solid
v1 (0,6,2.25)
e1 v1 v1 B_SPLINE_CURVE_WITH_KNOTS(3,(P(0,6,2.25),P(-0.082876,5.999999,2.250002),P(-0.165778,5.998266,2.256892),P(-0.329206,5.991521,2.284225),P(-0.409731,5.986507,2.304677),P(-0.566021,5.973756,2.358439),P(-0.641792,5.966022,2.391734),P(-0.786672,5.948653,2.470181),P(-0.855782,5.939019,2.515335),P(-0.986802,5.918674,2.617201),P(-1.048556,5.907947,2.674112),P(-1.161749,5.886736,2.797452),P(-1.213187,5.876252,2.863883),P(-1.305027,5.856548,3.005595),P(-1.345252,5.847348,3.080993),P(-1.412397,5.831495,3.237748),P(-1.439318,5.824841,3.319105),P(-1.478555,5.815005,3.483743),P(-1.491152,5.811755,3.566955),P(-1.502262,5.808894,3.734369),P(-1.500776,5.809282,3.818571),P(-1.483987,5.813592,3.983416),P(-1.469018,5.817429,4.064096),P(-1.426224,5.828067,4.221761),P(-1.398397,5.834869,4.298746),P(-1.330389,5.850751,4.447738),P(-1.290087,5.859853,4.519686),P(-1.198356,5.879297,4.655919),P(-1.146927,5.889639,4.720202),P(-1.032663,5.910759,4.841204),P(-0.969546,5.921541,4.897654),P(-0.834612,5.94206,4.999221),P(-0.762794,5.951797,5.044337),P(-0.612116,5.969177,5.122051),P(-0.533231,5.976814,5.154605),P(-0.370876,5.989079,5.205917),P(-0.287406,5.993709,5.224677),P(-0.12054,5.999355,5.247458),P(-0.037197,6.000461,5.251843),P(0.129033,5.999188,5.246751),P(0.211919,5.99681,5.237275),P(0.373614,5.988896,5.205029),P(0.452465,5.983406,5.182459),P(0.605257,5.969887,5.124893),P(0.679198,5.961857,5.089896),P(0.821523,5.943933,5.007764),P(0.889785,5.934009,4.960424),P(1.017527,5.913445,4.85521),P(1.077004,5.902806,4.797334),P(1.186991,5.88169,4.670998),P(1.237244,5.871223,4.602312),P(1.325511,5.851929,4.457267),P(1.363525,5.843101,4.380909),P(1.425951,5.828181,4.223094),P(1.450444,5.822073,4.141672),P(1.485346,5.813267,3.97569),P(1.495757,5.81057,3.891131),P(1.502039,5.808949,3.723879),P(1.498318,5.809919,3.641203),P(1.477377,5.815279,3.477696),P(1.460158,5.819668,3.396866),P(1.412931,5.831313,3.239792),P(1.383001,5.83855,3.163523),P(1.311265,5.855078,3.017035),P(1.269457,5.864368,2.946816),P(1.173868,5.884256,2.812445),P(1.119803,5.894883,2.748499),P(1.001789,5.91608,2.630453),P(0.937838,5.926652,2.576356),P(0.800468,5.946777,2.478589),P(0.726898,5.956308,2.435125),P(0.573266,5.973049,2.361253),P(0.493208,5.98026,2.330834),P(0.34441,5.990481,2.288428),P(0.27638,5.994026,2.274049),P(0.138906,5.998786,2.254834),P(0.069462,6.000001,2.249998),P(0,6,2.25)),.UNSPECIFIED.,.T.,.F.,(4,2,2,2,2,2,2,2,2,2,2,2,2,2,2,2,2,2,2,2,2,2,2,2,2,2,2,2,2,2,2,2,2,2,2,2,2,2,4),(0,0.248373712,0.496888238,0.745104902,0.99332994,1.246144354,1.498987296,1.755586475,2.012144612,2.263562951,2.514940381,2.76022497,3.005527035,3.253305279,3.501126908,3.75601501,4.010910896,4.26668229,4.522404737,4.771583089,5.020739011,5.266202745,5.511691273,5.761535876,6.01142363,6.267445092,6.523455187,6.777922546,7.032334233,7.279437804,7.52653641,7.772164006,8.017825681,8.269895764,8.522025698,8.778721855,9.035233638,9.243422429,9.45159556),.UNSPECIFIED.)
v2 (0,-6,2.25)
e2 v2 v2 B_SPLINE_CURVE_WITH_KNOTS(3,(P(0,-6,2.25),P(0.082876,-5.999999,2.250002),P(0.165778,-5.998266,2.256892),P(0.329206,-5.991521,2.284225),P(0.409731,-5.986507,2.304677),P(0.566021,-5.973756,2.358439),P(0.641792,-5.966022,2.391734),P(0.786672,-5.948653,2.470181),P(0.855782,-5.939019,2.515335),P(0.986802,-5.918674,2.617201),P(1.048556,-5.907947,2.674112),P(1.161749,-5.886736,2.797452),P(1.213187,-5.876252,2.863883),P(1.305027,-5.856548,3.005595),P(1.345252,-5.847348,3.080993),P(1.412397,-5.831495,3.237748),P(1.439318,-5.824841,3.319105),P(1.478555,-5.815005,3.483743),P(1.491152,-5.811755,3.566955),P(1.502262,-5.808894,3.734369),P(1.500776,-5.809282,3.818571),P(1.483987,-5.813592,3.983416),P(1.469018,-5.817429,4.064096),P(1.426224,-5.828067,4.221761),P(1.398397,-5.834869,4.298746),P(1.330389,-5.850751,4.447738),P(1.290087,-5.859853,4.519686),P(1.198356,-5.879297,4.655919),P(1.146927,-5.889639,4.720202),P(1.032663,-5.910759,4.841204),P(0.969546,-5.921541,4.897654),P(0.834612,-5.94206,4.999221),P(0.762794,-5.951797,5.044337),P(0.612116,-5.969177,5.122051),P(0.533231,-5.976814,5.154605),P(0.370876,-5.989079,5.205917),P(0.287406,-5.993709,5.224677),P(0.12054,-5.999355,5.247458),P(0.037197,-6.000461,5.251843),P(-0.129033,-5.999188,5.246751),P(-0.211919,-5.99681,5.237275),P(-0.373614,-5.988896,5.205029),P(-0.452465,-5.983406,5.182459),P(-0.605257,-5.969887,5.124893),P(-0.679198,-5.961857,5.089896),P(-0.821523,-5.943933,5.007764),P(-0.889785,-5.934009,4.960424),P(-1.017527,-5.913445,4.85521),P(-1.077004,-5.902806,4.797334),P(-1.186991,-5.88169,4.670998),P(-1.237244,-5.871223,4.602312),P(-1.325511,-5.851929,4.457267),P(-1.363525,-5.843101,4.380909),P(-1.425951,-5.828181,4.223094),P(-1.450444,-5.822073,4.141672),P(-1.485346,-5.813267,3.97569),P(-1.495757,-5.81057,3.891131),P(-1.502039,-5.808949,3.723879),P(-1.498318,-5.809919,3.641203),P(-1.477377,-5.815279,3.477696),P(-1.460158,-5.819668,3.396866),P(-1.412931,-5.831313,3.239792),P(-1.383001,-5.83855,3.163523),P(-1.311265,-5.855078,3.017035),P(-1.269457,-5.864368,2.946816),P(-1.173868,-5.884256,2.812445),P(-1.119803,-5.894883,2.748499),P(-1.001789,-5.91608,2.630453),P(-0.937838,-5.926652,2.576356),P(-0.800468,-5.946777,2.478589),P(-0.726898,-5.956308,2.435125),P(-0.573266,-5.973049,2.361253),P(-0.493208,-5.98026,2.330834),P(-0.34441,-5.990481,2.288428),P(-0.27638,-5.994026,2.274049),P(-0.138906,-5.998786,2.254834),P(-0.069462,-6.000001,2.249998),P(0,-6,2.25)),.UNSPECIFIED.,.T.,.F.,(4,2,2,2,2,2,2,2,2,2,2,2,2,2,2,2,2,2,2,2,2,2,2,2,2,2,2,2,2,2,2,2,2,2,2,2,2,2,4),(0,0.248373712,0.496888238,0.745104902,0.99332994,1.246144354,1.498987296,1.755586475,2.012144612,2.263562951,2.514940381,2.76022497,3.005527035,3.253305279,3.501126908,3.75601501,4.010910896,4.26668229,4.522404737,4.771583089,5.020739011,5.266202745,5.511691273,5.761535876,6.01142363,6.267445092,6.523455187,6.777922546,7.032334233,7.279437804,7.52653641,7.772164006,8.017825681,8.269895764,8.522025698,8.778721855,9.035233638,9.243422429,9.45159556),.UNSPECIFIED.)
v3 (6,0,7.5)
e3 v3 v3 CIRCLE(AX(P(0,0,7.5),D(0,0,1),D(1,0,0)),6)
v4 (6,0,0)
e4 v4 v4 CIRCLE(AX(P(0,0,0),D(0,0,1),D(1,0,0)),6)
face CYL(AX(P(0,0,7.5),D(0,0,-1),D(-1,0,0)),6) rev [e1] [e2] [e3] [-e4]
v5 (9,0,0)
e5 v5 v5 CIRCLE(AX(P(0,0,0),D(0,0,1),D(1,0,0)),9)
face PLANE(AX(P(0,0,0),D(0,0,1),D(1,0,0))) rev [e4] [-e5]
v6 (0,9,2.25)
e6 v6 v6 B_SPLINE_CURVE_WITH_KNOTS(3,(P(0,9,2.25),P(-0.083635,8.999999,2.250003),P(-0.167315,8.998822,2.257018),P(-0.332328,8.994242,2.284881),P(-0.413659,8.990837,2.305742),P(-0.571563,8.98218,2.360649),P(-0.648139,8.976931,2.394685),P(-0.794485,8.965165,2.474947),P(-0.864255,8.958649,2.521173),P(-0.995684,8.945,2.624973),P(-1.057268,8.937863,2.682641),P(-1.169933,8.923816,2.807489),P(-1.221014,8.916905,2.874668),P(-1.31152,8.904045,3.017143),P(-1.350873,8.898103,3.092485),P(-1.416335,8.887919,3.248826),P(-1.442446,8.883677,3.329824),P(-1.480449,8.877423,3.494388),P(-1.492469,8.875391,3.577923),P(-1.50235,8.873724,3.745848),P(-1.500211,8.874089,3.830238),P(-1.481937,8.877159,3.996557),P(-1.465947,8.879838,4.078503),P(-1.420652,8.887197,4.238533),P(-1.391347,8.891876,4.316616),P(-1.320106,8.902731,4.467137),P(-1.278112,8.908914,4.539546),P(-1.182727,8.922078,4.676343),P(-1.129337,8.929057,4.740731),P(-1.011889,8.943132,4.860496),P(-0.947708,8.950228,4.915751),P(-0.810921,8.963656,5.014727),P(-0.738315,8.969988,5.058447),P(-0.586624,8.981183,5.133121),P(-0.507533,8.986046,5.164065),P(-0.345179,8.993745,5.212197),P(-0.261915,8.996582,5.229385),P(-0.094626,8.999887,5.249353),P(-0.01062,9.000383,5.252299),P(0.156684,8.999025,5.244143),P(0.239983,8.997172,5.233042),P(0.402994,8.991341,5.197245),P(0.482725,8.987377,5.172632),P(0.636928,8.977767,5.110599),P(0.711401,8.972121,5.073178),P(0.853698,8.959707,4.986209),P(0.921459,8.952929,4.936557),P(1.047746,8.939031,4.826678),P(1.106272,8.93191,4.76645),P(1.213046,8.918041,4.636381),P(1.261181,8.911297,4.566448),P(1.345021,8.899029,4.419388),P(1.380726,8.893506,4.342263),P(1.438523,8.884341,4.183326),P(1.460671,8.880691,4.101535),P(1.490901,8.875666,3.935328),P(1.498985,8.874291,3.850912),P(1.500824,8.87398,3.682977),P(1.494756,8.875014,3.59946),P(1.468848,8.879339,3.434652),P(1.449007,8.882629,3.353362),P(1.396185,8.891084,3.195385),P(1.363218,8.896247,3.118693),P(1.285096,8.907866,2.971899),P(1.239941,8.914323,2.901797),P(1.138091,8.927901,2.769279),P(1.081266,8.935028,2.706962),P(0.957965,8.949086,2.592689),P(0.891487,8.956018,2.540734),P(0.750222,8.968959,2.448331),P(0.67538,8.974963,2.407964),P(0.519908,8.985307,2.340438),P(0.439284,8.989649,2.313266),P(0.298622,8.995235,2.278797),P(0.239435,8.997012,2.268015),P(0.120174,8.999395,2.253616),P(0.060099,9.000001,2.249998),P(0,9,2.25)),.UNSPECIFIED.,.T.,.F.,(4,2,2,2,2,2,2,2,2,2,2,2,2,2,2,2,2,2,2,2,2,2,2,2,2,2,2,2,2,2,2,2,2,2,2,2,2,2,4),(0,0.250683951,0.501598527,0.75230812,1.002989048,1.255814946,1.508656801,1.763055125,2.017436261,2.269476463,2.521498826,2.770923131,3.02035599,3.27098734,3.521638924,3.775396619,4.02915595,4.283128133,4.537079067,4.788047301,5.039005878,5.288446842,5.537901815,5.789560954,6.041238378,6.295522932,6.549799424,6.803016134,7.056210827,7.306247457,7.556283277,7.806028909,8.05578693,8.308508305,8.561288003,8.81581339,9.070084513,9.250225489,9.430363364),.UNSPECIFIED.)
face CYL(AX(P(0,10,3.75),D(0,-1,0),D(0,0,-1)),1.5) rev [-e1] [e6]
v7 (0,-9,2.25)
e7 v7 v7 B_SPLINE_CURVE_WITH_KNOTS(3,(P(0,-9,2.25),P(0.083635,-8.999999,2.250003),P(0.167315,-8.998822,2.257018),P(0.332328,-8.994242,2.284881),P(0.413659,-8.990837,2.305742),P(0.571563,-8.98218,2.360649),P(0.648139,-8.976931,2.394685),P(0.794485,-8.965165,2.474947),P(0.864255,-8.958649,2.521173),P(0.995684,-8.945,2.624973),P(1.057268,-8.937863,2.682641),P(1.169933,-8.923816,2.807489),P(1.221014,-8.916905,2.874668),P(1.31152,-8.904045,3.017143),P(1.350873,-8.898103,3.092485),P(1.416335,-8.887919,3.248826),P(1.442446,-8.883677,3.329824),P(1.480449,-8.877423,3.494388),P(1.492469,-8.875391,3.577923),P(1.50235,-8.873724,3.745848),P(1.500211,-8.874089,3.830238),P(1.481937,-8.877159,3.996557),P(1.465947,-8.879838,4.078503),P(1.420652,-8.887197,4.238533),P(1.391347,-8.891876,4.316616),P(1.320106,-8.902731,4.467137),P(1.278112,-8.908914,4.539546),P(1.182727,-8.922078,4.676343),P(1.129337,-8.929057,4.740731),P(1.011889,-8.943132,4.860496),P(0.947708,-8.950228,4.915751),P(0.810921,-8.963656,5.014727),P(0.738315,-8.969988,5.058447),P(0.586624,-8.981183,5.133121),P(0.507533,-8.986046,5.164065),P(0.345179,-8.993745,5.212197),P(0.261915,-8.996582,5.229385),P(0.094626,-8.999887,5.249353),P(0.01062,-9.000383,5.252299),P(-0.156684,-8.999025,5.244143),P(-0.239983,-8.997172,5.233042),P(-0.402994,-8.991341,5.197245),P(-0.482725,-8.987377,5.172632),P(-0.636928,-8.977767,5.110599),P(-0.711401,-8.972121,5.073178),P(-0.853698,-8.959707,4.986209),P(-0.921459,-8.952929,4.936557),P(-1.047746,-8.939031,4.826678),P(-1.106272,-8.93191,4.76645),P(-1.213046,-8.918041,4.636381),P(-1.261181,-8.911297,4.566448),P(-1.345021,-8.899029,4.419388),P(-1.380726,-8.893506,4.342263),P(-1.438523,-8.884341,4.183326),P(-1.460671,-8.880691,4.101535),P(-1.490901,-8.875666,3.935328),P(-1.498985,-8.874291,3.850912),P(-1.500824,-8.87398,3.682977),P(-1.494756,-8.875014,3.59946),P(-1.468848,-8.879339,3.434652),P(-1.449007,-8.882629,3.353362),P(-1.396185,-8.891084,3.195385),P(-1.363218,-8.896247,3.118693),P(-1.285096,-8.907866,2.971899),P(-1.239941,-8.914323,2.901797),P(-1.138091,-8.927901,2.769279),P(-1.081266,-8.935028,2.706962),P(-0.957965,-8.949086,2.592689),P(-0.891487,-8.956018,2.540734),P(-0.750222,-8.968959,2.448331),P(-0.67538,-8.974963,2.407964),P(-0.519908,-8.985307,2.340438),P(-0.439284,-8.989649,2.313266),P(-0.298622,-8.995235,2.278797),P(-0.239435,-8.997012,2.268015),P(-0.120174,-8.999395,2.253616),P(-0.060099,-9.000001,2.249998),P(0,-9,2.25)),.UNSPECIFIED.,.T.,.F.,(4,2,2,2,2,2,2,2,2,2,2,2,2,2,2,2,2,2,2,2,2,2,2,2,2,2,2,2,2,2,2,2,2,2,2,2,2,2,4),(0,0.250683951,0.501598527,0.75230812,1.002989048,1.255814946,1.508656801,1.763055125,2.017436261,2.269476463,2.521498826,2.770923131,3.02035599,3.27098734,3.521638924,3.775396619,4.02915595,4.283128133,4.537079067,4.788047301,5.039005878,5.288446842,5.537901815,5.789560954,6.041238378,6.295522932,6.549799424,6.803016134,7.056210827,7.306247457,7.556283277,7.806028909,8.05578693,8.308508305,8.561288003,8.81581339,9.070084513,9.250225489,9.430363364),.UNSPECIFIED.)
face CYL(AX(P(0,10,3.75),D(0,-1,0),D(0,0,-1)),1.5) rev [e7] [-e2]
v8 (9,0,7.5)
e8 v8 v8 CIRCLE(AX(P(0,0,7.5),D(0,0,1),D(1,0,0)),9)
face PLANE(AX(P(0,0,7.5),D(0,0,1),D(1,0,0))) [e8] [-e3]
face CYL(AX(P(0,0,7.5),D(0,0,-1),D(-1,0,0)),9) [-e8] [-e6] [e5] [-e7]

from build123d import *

# Parameters (mm, degrees)
ESQUISSE1_R                  = 9
ESQUISSE1_R_2                = 6
BOSS_EXTRU_1_DEPTH           = 7.5
ENL_V_MAT_EXTRU_1_DEPTH      = 10
ENL_V_MAT_EXTRU_1_DEPTH_BACK = 10
ESQUISSE2_R                  = 1.5


with BuildPart() as part:
    # Esquisse1 → Boss.-Extru.1 (new body)
    with BuildSketch(Plane.XY):
        Circle(ESQUISSE1_R)
        Circle(ESQUISSE1_R_2, mode=Mode.SUBTRACT)
    extrude(amount=BOSS_EXTRU_1_DEPTH)

    # Esquisse2 → Enlèv. mat.-Extru.1 (cut, two sides: drawn at the far end of the back side and taken through both)
    with BuildSketch(Plane(origin=(0, 0, 0), x_dir=(1, 0, 0), z_dir=(0, 1, 0)).offset(-ENL_V_MAT_EXTRU_1_DEPTH_BACK)):
        with Locations((0, -3.75)):
            Circle(ESQUISSE2_R)
    extrude(amount=ENL_V_MAT_EXTRU_1_DEPTH + ENL_V_MAT_EXTRU_1_DEPTH_BACK, mode=Mode.SUBTRACT)


solid = part.part
